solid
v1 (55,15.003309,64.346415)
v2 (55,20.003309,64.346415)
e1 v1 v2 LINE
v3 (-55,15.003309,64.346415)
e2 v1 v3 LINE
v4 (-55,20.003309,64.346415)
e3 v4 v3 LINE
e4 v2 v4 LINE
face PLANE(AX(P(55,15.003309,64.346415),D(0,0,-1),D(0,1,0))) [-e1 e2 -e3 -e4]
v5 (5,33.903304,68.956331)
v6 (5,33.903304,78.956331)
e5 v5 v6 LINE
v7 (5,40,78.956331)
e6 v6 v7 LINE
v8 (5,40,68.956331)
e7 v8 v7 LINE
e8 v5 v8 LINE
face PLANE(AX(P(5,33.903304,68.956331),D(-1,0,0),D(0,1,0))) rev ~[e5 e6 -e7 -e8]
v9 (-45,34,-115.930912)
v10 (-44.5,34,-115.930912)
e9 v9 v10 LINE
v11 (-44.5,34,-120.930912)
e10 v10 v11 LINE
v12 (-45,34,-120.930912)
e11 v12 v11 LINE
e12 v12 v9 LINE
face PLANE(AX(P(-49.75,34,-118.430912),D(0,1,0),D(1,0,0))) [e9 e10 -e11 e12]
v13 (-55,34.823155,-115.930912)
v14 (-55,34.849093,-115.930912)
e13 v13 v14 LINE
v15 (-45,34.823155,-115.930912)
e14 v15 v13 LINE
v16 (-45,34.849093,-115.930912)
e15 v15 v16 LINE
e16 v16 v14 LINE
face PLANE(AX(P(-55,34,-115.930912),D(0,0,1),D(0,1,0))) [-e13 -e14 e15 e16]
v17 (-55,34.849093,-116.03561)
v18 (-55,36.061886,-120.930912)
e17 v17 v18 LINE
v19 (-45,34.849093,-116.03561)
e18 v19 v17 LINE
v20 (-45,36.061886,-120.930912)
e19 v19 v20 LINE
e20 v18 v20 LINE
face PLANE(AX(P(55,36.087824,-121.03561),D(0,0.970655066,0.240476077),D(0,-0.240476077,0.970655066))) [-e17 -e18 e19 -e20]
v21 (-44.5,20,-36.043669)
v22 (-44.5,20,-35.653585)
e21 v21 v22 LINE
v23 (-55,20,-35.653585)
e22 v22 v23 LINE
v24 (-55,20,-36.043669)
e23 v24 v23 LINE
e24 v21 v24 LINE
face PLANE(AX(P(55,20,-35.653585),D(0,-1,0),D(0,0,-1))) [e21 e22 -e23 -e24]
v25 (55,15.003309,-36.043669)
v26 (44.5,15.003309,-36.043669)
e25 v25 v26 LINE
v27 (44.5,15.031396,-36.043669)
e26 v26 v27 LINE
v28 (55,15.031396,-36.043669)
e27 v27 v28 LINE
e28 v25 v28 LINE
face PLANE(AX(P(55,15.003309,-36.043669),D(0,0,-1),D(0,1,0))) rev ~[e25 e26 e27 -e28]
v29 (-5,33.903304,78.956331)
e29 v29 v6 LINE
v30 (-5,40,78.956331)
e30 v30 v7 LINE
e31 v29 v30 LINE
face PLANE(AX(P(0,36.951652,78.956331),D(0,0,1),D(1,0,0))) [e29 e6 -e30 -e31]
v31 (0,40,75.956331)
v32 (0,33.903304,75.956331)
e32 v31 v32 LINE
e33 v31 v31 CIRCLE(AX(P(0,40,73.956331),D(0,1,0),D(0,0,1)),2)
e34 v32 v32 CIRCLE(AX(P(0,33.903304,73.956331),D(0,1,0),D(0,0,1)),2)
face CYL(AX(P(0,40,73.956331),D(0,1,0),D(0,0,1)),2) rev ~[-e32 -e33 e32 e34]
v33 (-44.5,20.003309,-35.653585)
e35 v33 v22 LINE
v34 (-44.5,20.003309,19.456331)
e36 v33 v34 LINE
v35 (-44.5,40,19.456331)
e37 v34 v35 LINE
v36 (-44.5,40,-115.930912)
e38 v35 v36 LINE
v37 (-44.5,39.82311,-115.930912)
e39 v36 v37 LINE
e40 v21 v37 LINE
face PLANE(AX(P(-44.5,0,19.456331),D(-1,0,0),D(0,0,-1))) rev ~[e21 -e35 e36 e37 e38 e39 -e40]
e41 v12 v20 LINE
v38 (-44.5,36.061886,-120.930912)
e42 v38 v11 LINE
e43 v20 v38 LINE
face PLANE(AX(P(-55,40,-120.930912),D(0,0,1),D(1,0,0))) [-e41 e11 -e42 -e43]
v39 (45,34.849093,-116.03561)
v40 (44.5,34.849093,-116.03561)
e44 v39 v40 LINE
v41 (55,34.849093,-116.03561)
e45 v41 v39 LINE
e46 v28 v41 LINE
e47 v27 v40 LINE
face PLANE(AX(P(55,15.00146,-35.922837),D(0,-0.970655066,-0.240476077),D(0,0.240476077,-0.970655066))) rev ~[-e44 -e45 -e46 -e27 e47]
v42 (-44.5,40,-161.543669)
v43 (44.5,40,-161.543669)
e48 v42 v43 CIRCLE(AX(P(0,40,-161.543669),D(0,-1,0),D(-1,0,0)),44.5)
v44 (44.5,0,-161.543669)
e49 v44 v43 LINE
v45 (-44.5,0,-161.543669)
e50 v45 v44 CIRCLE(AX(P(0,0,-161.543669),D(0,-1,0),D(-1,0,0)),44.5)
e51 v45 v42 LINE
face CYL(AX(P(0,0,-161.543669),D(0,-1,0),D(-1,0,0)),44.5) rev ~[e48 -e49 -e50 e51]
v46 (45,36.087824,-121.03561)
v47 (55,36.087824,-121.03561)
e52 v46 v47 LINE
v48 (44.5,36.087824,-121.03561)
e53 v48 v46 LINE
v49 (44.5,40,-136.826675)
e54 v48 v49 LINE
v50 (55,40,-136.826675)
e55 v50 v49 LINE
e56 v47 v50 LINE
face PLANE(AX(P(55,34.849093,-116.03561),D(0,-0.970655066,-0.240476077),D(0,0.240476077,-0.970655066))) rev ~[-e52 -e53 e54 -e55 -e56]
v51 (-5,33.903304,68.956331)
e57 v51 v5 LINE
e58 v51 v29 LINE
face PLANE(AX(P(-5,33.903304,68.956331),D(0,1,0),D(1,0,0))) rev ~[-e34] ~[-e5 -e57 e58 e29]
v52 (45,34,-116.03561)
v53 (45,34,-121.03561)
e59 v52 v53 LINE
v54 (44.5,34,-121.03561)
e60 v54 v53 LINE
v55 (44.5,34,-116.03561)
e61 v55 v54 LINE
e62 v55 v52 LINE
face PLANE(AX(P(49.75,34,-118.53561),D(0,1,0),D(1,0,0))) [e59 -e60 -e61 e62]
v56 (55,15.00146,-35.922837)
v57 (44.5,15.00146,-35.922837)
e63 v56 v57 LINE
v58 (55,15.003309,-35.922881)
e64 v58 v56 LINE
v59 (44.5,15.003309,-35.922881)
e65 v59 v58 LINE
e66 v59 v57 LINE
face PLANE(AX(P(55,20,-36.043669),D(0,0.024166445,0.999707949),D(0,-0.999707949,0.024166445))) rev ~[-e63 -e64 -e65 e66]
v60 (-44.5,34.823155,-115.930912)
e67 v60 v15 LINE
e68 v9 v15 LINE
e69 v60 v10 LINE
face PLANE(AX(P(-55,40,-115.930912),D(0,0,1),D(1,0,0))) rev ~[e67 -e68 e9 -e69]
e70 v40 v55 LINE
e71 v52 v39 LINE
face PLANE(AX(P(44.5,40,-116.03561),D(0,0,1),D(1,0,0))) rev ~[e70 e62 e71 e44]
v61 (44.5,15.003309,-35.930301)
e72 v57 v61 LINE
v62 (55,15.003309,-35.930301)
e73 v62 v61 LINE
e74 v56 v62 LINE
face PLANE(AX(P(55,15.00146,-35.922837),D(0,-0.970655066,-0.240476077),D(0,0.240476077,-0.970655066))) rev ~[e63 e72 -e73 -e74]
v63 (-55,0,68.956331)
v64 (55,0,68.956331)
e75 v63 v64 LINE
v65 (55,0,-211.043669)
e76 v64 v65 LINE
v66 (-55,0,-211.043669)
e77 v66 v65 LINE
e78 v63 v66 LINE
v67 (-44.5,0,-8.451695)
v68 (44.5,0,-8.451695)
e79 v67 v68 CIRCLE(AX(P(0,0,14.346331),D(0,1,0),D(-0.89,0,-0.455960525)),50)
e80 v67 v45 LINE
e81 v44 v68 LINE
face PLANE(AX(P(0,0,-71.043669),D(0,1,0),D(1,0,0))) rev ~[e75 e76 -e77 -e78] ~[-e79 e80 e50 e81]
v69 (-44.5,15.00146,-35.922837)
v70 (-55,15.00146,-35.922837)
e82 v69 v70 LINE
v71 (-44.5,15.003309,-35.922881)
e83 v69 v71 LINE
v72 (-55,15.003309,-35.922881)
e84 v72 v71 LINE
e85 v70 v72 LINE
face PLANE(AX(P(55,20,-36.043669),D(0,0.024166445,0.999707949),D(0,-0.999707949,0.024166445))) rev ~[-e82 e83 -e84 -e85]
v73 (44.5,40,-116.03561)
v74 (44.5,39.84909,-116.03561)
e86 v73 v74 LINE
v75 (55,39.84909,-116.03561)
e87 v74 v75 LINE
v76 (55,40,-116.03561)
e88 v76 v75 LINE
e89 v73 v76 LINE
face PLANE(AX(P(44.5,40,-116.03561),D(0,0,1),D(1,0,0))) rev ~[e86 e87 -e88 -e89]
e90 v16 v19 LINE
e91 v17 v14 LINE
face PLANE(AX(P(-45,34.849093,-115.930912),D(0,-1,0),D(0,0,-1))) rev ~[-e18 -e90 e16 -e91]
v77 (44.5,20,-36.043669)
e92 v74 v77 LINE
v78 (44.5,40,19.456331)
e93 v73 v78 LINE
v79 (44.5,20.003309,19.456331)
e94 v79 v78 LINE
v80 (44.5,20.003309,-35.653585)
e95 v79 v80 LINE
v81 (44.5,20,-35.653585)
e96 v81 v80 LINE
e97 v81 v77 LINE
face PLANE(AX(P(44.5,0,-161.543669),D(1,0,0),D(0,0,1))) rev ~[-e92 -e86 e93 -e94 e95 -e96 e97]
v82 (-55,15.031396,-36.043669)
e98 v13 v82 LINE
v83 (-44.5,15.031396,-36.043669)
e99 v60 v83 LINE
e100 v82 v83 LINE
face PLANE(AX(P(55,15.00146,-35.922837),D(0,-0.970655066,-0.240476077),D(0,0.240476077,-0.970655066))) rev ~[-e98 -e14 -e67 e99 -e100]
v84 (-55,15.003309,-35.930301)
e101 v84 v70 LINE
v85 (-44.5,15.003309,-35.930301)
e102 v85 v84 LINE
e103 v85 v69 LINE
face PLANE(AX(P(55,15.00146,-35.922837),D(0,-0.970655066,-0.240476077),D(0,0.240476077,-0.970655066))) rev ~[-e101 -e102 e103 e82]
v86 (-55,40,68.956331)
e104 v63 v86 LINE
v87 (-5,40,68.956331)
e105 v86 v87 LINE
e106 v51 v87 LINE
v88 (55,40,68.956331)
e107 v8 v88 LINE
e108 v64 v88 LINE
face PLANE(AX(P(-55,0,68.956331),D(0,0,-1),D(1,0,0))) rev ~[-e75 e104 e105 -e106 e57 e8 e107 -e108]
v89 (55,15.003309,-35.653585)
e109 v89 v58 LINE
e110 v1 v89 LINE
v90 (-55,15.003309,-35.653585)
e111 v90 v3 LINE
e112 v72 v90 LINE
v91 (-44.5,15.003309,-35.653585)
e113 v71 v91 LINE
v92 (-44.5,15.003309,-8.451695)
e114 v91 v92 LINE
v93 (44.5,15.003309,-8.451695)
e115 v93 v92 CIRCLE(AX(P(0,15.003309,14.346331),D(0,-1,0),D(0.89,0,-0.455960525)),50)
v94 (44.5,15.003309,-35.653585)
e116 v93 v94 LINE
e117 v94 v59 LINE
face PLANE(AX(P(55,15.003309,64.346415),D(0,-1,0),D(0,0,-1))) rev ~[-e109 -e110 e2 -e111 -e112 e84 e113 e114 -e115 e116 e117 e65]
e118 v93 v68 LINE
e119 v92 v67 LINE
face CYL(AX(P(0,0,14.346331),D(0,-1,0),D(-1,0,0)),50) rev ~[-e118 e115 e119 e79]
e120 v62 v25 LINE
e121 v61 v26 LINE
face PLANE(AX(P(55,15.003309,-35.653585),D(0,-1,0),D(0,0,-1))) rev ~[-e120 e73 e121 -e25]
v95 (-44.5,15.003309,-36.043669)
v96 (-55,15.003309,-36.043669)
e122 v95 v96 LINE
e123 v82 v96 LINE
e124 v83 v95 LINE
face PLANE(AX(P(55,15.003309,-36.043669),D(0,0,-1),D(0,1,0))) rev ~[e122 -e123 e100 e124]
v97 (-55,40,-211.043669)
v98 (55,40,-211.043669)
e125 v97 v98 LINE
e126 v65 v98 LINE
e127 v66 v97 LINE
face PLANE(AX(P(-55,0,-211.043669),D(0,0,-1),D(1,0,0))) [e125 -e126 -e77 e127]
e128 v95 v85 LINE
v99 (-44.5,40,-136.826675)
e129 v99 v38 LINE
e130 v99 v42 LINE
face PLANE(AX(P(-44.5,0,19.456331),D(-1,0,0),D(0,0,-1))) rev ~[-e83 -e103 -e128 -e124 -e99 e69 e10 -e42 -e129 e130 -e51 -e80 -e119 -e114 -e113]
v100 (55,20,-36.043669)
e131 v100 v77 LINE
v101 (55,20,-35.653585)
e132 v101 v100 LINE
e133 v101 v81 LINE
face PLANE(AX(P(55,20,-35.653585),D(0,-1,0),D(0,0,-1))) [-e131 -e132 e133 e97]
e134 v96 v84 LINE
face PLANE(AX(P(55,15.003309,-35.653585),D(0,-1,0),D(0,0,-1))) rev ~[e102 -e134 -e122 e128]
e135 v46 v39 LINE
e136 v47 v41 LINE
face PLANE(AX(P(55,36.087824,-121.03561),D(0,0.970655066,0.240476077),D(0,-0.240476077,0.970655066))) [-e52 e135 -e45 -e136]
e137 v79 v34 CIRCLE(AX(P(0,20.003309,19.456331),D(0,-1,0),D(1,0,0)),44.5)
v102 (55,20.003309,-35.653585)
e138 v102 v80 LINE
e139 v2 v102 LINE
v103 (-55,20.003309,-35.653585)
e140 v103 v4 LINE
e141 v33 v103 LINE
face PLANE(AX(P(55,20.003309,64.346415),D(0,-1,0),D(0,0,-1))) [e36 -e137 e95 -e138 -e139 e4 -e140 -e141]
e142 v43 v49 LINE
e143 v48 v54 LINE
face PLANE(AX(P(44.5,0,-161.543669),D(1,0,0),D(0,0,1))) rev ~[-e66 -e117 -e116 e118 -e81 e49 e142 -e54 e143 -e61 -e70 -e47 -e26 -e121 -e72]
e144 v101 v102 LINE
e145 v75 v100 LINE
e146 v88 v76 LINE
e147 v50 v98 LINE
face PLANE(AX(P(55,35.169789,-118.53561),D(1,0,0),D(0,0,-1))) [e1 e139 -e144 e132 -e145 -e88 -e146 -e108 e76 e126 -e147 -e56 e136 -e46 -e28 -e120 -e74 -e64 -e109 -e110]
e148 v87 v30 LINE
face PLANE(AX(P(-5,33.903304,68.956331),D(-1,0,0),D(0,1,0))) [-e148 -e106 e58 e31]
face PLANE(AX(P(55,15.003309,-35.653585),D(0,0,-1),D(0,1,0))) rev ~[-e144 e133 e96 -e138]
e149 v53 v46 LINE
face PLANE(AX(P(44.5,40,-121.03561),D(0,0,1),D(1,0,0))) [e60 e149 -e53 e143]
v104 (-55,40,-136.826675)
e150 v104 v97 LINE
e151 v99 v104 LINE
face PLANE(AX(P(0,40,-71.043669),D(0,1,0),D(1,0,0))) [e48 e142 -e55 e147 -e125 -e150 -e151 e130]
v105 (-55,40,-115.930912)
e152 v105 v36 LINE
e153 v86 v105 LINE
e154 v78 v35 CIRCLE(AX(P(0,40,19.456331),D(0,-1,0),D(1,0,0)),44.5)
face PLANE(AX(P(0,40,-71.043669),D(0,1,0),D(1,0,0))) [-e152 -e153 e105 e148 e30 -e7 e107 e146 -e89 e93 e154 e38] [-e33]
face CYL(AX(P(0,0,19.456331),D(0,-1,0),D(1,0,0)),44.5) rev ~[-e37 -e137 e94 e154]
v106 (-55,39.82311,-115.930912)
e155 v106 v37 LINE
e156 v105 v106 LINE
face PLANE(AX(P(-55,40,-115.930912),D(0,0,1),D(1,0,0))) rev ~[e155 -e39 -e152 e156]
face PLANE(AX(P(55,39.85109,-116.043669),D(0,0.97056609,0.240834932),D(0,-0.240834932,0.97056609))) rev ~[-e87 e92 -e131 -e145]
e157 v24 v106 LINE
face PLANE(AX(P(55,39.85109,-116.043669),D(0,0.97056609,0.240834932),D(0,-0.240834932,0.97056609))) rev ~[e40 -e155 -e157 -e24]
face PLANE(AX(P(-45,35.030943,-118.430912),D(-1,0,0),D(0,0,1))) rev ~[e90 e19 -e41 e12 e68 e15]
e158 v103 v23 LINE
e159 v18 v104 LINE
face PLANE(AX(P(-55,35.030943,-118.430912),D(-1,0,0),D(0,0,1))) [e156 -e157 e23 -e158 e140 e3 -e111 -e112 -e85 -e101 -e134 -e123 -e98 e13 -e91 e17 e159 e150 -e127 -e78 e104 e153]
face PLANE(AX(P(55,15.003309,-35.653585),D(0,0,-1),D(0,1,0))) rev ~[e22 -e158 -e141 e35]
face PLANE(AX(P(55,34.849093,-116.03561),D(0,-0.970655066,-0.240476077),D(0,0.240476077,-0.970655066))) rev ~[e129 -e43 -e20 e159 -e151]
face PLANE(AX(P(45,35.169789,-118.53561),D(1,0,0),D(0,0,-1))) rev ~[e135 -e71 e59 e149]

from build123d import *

# Parameters (mm, degrees)
SKETCH1_W           = 110
SKETCH1_H           = 280
BOSS_EXTRUDE1_DEPTH = 40
CUT_EXTRUDE2_DEPTH  = 124
SKETCH3_W           = 10.5
SKETCH3_H           = 5
CUT_EXTRUDE3_DEPTH  = 6
SKETCH4_W           = 10.5
SKETCH4_H           = 5
CUT_EXTRUDE4_DEPTH  = 6
CUT_EXTRUDE5_DEPTH  = 115
SKETCH6_W           = 5
SKETCH6_H           = 2.06188551
BOSS_EXTRUDE2_DEPTH = 10
SKETCH7_W           = 5
SKETCH7_H           = 2.339578052
BOSS_EXTRUDE3_DEPTH = 10
CUT_EXTRUDE6_DEPTH  = 128
SKETCH9_W           = 0.104698151
SKETCH9_H           = 1.212792293
CUT_EXTRUDE7_DEPTH  = 128
SKETCH10_W          = 100
SKETCH10_H          = 5
CUT_EXTRUDE9_DEPTH  = 128
SKETCH11_W          = 0.390083634
SKETCH11_H          = 4.996690545
CUT_EXTRUDE10_DEPTH = 128
SKETCH13_R          = 50
CUT_EXTRUDE11_DEPTH = 20
SKETCH14_W          = 10
SKETCH14_H          = 6.096695991
BOSS_EXTRUDE4_DEPTH = 10
SKETCH15_R          = 2
CUT_EXTRUDE12_DEPTH = 10


with BuildPart() as part:
    # Sketch1 → Boss-Extrude1 (new body)
    with BuildSketch(Plane(origin=(0, 0, 0), x_dir=(1, 0, 0), z_dir=(0, 1, 0))):
        with Locations((0, 71.043668932)):
            Rectangle(SKETCH1_W, SKETCH1_H)
        with BuildLine():
            Line((-44.5, -19.456331068), (-44.5, 161.543668932))
            ThreePointArc((-44.5, 161.543668932), (0, 206.043668932), (44.5, 161.543668932))
            Line((44.5, 161.543668932), (44.5, -19.456331068))
            ThreePointArc((44.5, -19.456331068), (0, -63.956331068), (-44.5, -19.456331068))
        make_face(mode=Mode.SUBTRACT)
    extrude(amount=BOSS_EXTRUDE1_DEPTH)

    # Sketch2 → Cut-Extrude2 (cut)
    with BuildSketch(Plane(origin=(55, 0, 0), x_dir=(0, 0, -1), z_dir=(1, 0, 0))):
        Polygon((116.043668932, 39.851089724), (36.043668932, 20), (35.922836705, 15.001460256), (116.043668932, 34.851089724), align=None)
    extrude(amount=-CUT_EXTRUDE2_DEPTH, mode=Mode.SUBTRACT)

    # Sketch3 → Cut-Extrude3 (cut)
    with BuildSketch(Plane(origin=(0, 40, 0), x_dir=(1, 0, 0), z_dir=(0, 1, 0))):
        with Locations((49.75, 118.535610254)):
            Rectangle(SKETCH3_W, SKETCH3_H)
    extrude(amount=-CUT_EXTRUDE3_DEPTH, mode=Mode.SUBTRACT)

    # Sketch4 → Cut-Extrude4 (cut)
    with BuildSketch(Plane(origin=(0, 40, 0), x_dir=(1, 0, 0), z_dir=(0, 1, 0))):
        with Locations((-49.75, 118.430912103)):
            Rectangle(SKETCH4_W, SKETCH4_H)
    extrude(amount=-CUT_EXTRUDE4_DEPTH, mode=Mode.SUBTRACT)

    # Sketch5 → Cut-Extrude5 (cut)
    with BuildSketch(Plane(origin=(55, 0, 0), x_dir=(0, 0, -1), z_dir=(1, 0, 0))):
        Polygon((116.035610254, 34.849093217), (136.82667534, 40), (116.035610254, 40), align=None)
    extrude(amount=-CUT_EXTRUDE5_DEPTH, mode=Mode.SUBTRACT)

    # Sketch6 → Boss-Extrude2 (add)
    with BuildSketch(Plane.ZY.offset(55)):
        with Locations((-118.430912103, 35.030942755)):
            Rectangle(SKETCH6_W, SKETCH6_H)
    extrude(amount=-BOSS_EXTRUDE2_DEPTH)

    # Sketch7 → Boss-Extrude3 (add)
    with BuildSketch(Plane(origin=(55, 0, 0), x_dir=(0, 0, -1), z_dir=(1, 0, 0))):
        with Locations((118.535610254, 35.169789026)):
            Rectangle(SKETCH7_W, SKETCH7_H)
    extrude(amount=-BOSS_EXTRUDE3_DEPTH)

    # Sketch8 → Cut-Extrude6 (cut)
    with BuildSketch(Plane(origin=(55, 0, 0), x_dir=(0, 0, -1), z_dir=(1, 0, 0))):
        Polygon((121.035610254, 36.087824076), (116.035610254, 34.849093217), (116.035610254, 36.339578052), (121.035610254, 36.339578052), align=None)
    extrude(amount=-CUT_EXTRUDE6_DEPTH, mode=Mode.SUBTRACT)

    # Sketch9 → Cut-Extrude7 (cut)
    with BuildSketch(Plane(origin=(-45, 0, 0), x_dir=(0, 0, -1), z_dir=(1, 0, 0))):
        with Locations((115.983261179, 35.455489364)):
            Rectangle(SKETCH9_W, SKETCH9_H)
    extrude(amount=-CUT_EXTRUDE7_DEPTH, mode=Mode.SUBTRACT)

    # Sketch10 → Cut-Extrude9 (cut)
    with BuildSketch(Plane(origin=(55, 0, 0), x_dir=(0, 0, -1), z_dir=(1, 0, 0))):
        with Locations((-14.346414702, 17.503309455)):
            Rectangle(SKETCH10_W, SKETCH10_H)
    extrude(amount=-CUT_EXTRUDE9_DEPTH, mode=Mode.SUBTRACT)

    # Sketch11 → Cut-Extrude10 (cut)
    with BuildSketch(Plane(origin=(55, 0, 0), x_dir=(0, 0, -1), z_dir=(1, 0, 0))):
        with Locations((35.848627115, 17.501654728)):
            Rectangle(SKETCH11_W, SKETCH11_H)
    extrude(amount=-CUT_EXTRUDE10_DEPTH, mode=Mode.SUBTRACT)

    # Sketch13 → Cut-Extrude11 (cut)
    with BuildSketch(Plane(origin=(0, 0, 0), x_dir=(-1, 0, 0), z_dir=(0, -1, 0))):
        with Locations((0, -14.346331068)):
            Circle(SKETCH13_R)
    extrude(amount=-CUT_EXTRUDE11_DEPTH, mode=Mode.SUBTRACT)

    # Sketch14 → Boss-Extrude4 (add)
    with BuildSketch(Plane.XY.offset(68.956331068)):
        with Locations((0, 36.951652005)):
            Rectangle(SKETCH14_W, SKETCH14_H)
    extrude(amount=BOSS_EXTRUDE4_DEPTH)

    # Sketch15 → Cut-Extrude12 (cut)
    with BuildSketch(Plane(origin=(0, 40, 0), x_dir=(1, 0, 0), z_dir=(0, 1, 0))):
        with Locations(Location((0, -73.956331068, 0), (0, 0, 270))):
            Circle(SKETCH15_R)
    extrude(amount=-CUT_EXTRUDE12_DEPTH, mode=Mode.SUBTRACT)


solid = part.part
